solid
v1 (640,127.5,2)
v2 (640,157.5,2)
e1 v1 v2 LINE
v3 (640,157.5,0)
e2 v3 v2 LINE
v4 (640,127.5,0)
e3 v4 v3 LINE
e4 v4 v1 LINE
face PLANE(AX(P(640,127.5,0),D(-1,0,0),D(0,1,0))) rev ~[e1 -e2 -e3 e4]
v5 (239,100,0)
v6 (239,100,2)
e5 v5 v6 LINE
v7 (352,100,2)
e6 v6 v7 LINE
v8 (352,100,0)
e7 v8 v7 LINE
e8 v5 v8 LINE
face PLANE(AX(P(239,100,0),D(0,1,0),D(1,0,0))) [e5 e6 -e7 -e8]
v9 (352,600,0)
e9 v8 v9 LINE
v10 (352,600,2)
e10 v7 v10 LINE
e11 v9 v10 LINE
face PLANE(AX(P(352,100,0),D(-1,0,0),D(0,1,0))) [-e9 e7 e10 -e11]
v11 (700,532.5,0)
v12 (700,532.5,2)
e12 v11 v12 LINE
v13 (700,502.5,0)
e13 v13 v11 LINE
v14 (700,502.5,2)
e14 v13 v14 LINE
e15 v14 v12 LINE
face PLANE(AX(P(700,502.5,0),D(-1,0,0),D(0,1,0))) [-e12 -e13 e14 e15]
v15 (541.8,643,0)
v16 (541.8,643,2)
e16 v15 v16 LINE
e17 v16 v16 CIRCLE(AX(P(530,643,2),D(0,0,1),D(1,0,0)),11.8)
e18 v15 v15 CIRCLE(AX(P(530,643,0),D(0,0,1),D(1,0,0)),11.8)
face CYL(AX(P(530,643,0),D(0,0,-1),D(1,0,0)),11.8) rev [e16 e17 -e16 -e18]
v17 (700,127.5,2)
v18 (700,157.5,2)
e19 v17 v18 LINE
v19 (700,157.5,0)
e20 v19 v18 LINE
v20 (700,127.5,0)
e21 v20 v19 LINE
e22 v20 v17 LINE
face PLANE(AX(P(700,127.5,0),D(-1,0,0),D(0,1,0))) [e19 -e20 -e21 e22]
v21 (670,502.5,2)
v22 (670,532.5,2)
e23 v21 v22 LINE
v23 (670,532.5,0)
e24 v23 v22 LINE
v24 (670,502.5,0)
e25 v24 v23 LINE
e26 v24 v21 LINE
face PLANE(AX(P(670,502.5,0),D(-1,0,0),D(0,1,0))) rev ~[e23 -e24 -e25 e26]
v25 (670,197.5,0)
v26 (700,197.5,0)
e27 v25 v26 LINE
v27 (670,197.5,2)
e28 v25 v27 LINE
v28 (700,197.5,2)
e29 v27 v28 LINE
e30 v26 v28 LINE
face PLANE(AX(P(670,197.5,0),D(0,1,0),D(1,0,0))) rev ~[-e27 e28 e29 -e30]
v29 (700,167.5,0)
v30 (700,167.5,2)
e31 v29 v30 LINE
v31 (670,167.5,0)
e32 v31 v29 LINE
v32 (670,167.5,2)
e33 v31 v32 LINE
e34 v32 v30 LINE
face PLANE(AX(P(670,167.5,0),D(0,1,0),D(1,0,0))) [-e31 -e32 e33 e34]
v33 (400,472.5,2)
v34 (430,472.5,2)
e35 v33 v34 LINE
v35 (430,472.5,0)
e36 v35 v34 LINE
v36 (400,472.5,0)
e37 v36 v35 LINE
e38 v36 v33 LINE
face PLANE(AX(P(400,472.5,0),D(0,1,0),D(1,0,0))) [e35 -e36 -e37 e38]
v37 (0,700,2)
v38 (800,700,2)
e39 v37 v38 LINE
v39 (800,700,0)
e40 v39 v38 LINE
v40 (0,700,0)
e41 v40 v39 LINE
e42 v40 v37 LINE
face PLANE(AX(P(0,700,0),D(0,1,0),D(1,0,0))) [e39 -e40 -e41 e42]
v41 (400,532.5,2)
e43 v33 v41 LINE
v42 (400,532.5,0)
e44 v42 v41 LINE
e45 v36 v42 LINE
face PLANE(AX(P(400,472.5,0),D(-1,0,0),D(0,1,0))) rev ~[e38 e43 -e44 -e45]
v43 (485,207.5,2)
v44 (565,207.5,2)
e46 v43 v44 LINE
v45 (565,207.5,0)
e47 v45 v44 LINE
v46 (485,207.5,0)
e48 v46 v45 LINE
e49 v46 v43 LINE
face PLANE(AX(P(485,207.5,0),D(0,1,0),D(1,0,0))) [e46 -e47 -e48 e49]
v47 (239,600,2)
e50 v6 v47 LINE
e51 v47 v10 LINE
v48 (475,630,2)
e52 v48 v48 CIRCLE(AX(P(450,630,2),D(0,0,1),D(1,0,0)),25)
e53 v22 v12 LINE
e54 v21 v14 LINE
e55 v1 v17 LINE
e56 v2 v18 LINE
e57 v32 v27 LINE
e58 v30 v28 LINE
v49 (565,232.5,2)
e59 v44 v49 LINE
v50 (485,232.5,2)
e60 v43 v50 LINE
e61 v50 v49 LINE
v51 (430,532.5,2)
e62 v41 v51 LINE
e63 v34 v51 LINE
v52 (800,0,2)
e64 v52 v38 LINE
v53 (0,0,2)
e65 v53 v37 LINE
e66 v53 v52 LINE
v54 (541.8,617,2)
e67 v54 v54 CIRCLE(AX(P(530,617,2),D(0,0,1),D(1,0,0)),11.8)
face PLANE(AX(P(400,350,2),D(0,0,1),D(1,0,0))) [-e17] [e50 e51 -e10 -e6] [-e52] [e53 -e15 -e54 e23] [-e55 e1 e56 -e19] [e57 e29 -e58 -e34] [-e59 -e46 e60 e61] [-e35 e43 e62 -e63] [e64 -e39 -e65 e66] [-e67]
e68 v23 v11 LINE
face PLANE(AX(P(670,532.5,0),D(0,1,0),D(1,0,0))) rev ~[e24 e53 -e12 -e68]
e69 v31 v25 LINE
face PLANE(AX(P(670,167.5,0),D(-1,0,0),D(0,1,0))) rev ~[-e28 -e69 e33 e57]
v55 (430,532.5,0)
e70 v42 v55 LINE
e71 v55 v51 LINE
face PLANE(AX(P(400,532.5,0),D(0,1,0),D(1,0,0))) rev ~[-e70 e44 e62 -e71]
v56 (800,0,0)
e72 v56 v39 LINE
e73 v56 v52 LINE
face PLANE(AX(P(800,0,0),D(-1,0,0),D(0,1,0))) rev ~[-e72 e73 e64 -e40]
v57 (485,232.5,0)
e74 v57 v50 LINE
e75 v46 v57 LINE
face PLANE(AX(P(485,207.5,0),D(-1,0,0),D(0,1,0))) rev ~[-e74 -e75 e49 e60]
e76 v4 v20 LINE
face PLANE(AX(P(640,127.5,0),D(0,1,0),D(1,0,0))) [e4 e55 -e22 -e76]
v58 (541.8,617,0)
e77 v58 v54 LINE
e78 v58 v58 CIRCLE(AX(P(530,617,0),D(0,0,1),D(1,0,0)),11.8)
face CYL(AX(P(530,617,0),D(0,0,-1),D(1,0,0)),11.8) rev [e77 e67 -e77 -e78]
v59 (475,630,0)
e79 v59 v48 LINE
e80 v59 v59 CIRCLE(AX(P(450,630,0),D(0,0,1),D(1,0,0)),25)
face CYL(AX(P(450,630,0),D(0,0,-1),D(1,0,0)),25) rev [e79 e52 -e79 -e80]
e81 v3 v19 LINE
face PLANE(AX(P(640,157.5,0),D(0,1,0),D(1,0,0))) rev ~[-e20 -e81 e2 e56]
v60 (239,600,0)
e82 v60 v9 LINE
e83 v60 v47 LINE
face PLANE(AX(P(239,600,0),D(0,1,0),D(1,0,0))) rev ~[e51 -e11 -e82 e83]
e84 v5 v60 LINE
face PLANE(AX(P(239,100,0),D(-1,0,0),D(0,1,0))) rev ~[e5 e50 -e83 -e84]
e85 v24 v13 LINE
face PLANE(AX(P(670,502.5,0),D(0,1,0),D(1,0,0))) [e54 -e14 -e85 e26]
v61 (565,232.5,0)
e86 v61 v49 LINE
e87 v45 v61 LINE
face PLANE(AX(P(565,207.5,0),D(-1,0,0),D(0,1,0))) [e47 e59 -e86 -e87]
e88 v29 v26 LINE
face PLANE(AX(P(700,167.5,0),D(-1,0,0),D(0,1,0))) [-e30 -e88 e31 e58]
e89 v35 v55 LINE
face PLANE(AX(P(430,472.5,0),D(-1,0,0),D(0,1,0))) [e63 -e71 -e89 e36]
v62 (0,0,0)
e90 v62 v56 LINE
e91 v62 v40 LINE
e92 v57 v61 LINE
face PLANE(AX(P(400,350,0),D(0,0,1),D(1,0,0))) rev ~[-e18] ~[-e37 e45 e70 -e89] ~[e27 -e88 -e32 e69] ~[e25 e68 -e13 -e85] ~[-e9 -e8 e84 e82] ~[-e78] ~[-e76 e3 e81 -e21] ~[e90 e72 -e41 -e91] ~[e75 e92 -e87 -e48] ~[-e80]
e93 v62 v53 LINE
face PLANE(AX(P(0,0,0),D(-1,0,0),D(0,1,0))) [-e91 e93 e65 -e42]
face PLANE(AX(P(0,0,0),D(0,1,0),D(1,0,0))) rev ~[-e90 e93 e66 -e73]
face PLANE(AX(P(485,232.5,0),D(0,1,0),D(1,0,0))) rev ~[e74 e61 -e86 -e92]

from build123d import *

# Parameters (mm, degrees)
F0_W     = 800
F0_H     = 700
F0_W_2   = 60
F0_H_2   = 30
F0_W_3   = 80
F0_H_3   = 25
F0_W_4   = 30
F0_W_5   = 113
F0_H_4   = 500
F0_H_5   = 60
F0_R     = 25
F0_R_2   = 11.8
F1_DEPTH = 2


with BuildPart() as f1:
    # F0 (on Top) → F1 (new body)
    with BuildSketch(Plane.XY):
        with Locations((400, 350)):
            Rectangle(F0_W, F0_H)
        with Locations((670, 142.5)):
            Rectangle(F0_W_2, F0_H_2, mode=Mode.SUBTRACT)
        with Locations((525, 220)):
            Rectangle(F0_W_3, F0_H_3, mode=Mode.SUBTRACT)
        with Locations((685, 182.5)):
            Rectangle(F0_W_4, F0_H_2, mode=Mode.SUBTRACT)
        with Locations((295.5, 350)):
            Rectangle(F0_W_5, F0_H_4, mode=Mode.SUBTRACT)
        with Locations((415, 502.5)):
            Rectangle(F0_W_4, F0_H_5, mode=Mode.SUBTRACT)
        with Locations((685, 517.5)):
            Rectangle(F0_W_4, F0_H_2, mode=Mode.SUBTRACT)
        with Locations((450, 630)):
            Circle(F0_R, mode=Mode.SUBTRACT)
        with Locations((530, 617)):
            Circle(F0_R_2, mode=Mode.SUBTRACT)
        with Locations((530, 643)):
            Circle(F0_R_2, mode=Mode.SUBTRACT)
    extrude(amount=F1_DEPTH)


solid = f1.part
